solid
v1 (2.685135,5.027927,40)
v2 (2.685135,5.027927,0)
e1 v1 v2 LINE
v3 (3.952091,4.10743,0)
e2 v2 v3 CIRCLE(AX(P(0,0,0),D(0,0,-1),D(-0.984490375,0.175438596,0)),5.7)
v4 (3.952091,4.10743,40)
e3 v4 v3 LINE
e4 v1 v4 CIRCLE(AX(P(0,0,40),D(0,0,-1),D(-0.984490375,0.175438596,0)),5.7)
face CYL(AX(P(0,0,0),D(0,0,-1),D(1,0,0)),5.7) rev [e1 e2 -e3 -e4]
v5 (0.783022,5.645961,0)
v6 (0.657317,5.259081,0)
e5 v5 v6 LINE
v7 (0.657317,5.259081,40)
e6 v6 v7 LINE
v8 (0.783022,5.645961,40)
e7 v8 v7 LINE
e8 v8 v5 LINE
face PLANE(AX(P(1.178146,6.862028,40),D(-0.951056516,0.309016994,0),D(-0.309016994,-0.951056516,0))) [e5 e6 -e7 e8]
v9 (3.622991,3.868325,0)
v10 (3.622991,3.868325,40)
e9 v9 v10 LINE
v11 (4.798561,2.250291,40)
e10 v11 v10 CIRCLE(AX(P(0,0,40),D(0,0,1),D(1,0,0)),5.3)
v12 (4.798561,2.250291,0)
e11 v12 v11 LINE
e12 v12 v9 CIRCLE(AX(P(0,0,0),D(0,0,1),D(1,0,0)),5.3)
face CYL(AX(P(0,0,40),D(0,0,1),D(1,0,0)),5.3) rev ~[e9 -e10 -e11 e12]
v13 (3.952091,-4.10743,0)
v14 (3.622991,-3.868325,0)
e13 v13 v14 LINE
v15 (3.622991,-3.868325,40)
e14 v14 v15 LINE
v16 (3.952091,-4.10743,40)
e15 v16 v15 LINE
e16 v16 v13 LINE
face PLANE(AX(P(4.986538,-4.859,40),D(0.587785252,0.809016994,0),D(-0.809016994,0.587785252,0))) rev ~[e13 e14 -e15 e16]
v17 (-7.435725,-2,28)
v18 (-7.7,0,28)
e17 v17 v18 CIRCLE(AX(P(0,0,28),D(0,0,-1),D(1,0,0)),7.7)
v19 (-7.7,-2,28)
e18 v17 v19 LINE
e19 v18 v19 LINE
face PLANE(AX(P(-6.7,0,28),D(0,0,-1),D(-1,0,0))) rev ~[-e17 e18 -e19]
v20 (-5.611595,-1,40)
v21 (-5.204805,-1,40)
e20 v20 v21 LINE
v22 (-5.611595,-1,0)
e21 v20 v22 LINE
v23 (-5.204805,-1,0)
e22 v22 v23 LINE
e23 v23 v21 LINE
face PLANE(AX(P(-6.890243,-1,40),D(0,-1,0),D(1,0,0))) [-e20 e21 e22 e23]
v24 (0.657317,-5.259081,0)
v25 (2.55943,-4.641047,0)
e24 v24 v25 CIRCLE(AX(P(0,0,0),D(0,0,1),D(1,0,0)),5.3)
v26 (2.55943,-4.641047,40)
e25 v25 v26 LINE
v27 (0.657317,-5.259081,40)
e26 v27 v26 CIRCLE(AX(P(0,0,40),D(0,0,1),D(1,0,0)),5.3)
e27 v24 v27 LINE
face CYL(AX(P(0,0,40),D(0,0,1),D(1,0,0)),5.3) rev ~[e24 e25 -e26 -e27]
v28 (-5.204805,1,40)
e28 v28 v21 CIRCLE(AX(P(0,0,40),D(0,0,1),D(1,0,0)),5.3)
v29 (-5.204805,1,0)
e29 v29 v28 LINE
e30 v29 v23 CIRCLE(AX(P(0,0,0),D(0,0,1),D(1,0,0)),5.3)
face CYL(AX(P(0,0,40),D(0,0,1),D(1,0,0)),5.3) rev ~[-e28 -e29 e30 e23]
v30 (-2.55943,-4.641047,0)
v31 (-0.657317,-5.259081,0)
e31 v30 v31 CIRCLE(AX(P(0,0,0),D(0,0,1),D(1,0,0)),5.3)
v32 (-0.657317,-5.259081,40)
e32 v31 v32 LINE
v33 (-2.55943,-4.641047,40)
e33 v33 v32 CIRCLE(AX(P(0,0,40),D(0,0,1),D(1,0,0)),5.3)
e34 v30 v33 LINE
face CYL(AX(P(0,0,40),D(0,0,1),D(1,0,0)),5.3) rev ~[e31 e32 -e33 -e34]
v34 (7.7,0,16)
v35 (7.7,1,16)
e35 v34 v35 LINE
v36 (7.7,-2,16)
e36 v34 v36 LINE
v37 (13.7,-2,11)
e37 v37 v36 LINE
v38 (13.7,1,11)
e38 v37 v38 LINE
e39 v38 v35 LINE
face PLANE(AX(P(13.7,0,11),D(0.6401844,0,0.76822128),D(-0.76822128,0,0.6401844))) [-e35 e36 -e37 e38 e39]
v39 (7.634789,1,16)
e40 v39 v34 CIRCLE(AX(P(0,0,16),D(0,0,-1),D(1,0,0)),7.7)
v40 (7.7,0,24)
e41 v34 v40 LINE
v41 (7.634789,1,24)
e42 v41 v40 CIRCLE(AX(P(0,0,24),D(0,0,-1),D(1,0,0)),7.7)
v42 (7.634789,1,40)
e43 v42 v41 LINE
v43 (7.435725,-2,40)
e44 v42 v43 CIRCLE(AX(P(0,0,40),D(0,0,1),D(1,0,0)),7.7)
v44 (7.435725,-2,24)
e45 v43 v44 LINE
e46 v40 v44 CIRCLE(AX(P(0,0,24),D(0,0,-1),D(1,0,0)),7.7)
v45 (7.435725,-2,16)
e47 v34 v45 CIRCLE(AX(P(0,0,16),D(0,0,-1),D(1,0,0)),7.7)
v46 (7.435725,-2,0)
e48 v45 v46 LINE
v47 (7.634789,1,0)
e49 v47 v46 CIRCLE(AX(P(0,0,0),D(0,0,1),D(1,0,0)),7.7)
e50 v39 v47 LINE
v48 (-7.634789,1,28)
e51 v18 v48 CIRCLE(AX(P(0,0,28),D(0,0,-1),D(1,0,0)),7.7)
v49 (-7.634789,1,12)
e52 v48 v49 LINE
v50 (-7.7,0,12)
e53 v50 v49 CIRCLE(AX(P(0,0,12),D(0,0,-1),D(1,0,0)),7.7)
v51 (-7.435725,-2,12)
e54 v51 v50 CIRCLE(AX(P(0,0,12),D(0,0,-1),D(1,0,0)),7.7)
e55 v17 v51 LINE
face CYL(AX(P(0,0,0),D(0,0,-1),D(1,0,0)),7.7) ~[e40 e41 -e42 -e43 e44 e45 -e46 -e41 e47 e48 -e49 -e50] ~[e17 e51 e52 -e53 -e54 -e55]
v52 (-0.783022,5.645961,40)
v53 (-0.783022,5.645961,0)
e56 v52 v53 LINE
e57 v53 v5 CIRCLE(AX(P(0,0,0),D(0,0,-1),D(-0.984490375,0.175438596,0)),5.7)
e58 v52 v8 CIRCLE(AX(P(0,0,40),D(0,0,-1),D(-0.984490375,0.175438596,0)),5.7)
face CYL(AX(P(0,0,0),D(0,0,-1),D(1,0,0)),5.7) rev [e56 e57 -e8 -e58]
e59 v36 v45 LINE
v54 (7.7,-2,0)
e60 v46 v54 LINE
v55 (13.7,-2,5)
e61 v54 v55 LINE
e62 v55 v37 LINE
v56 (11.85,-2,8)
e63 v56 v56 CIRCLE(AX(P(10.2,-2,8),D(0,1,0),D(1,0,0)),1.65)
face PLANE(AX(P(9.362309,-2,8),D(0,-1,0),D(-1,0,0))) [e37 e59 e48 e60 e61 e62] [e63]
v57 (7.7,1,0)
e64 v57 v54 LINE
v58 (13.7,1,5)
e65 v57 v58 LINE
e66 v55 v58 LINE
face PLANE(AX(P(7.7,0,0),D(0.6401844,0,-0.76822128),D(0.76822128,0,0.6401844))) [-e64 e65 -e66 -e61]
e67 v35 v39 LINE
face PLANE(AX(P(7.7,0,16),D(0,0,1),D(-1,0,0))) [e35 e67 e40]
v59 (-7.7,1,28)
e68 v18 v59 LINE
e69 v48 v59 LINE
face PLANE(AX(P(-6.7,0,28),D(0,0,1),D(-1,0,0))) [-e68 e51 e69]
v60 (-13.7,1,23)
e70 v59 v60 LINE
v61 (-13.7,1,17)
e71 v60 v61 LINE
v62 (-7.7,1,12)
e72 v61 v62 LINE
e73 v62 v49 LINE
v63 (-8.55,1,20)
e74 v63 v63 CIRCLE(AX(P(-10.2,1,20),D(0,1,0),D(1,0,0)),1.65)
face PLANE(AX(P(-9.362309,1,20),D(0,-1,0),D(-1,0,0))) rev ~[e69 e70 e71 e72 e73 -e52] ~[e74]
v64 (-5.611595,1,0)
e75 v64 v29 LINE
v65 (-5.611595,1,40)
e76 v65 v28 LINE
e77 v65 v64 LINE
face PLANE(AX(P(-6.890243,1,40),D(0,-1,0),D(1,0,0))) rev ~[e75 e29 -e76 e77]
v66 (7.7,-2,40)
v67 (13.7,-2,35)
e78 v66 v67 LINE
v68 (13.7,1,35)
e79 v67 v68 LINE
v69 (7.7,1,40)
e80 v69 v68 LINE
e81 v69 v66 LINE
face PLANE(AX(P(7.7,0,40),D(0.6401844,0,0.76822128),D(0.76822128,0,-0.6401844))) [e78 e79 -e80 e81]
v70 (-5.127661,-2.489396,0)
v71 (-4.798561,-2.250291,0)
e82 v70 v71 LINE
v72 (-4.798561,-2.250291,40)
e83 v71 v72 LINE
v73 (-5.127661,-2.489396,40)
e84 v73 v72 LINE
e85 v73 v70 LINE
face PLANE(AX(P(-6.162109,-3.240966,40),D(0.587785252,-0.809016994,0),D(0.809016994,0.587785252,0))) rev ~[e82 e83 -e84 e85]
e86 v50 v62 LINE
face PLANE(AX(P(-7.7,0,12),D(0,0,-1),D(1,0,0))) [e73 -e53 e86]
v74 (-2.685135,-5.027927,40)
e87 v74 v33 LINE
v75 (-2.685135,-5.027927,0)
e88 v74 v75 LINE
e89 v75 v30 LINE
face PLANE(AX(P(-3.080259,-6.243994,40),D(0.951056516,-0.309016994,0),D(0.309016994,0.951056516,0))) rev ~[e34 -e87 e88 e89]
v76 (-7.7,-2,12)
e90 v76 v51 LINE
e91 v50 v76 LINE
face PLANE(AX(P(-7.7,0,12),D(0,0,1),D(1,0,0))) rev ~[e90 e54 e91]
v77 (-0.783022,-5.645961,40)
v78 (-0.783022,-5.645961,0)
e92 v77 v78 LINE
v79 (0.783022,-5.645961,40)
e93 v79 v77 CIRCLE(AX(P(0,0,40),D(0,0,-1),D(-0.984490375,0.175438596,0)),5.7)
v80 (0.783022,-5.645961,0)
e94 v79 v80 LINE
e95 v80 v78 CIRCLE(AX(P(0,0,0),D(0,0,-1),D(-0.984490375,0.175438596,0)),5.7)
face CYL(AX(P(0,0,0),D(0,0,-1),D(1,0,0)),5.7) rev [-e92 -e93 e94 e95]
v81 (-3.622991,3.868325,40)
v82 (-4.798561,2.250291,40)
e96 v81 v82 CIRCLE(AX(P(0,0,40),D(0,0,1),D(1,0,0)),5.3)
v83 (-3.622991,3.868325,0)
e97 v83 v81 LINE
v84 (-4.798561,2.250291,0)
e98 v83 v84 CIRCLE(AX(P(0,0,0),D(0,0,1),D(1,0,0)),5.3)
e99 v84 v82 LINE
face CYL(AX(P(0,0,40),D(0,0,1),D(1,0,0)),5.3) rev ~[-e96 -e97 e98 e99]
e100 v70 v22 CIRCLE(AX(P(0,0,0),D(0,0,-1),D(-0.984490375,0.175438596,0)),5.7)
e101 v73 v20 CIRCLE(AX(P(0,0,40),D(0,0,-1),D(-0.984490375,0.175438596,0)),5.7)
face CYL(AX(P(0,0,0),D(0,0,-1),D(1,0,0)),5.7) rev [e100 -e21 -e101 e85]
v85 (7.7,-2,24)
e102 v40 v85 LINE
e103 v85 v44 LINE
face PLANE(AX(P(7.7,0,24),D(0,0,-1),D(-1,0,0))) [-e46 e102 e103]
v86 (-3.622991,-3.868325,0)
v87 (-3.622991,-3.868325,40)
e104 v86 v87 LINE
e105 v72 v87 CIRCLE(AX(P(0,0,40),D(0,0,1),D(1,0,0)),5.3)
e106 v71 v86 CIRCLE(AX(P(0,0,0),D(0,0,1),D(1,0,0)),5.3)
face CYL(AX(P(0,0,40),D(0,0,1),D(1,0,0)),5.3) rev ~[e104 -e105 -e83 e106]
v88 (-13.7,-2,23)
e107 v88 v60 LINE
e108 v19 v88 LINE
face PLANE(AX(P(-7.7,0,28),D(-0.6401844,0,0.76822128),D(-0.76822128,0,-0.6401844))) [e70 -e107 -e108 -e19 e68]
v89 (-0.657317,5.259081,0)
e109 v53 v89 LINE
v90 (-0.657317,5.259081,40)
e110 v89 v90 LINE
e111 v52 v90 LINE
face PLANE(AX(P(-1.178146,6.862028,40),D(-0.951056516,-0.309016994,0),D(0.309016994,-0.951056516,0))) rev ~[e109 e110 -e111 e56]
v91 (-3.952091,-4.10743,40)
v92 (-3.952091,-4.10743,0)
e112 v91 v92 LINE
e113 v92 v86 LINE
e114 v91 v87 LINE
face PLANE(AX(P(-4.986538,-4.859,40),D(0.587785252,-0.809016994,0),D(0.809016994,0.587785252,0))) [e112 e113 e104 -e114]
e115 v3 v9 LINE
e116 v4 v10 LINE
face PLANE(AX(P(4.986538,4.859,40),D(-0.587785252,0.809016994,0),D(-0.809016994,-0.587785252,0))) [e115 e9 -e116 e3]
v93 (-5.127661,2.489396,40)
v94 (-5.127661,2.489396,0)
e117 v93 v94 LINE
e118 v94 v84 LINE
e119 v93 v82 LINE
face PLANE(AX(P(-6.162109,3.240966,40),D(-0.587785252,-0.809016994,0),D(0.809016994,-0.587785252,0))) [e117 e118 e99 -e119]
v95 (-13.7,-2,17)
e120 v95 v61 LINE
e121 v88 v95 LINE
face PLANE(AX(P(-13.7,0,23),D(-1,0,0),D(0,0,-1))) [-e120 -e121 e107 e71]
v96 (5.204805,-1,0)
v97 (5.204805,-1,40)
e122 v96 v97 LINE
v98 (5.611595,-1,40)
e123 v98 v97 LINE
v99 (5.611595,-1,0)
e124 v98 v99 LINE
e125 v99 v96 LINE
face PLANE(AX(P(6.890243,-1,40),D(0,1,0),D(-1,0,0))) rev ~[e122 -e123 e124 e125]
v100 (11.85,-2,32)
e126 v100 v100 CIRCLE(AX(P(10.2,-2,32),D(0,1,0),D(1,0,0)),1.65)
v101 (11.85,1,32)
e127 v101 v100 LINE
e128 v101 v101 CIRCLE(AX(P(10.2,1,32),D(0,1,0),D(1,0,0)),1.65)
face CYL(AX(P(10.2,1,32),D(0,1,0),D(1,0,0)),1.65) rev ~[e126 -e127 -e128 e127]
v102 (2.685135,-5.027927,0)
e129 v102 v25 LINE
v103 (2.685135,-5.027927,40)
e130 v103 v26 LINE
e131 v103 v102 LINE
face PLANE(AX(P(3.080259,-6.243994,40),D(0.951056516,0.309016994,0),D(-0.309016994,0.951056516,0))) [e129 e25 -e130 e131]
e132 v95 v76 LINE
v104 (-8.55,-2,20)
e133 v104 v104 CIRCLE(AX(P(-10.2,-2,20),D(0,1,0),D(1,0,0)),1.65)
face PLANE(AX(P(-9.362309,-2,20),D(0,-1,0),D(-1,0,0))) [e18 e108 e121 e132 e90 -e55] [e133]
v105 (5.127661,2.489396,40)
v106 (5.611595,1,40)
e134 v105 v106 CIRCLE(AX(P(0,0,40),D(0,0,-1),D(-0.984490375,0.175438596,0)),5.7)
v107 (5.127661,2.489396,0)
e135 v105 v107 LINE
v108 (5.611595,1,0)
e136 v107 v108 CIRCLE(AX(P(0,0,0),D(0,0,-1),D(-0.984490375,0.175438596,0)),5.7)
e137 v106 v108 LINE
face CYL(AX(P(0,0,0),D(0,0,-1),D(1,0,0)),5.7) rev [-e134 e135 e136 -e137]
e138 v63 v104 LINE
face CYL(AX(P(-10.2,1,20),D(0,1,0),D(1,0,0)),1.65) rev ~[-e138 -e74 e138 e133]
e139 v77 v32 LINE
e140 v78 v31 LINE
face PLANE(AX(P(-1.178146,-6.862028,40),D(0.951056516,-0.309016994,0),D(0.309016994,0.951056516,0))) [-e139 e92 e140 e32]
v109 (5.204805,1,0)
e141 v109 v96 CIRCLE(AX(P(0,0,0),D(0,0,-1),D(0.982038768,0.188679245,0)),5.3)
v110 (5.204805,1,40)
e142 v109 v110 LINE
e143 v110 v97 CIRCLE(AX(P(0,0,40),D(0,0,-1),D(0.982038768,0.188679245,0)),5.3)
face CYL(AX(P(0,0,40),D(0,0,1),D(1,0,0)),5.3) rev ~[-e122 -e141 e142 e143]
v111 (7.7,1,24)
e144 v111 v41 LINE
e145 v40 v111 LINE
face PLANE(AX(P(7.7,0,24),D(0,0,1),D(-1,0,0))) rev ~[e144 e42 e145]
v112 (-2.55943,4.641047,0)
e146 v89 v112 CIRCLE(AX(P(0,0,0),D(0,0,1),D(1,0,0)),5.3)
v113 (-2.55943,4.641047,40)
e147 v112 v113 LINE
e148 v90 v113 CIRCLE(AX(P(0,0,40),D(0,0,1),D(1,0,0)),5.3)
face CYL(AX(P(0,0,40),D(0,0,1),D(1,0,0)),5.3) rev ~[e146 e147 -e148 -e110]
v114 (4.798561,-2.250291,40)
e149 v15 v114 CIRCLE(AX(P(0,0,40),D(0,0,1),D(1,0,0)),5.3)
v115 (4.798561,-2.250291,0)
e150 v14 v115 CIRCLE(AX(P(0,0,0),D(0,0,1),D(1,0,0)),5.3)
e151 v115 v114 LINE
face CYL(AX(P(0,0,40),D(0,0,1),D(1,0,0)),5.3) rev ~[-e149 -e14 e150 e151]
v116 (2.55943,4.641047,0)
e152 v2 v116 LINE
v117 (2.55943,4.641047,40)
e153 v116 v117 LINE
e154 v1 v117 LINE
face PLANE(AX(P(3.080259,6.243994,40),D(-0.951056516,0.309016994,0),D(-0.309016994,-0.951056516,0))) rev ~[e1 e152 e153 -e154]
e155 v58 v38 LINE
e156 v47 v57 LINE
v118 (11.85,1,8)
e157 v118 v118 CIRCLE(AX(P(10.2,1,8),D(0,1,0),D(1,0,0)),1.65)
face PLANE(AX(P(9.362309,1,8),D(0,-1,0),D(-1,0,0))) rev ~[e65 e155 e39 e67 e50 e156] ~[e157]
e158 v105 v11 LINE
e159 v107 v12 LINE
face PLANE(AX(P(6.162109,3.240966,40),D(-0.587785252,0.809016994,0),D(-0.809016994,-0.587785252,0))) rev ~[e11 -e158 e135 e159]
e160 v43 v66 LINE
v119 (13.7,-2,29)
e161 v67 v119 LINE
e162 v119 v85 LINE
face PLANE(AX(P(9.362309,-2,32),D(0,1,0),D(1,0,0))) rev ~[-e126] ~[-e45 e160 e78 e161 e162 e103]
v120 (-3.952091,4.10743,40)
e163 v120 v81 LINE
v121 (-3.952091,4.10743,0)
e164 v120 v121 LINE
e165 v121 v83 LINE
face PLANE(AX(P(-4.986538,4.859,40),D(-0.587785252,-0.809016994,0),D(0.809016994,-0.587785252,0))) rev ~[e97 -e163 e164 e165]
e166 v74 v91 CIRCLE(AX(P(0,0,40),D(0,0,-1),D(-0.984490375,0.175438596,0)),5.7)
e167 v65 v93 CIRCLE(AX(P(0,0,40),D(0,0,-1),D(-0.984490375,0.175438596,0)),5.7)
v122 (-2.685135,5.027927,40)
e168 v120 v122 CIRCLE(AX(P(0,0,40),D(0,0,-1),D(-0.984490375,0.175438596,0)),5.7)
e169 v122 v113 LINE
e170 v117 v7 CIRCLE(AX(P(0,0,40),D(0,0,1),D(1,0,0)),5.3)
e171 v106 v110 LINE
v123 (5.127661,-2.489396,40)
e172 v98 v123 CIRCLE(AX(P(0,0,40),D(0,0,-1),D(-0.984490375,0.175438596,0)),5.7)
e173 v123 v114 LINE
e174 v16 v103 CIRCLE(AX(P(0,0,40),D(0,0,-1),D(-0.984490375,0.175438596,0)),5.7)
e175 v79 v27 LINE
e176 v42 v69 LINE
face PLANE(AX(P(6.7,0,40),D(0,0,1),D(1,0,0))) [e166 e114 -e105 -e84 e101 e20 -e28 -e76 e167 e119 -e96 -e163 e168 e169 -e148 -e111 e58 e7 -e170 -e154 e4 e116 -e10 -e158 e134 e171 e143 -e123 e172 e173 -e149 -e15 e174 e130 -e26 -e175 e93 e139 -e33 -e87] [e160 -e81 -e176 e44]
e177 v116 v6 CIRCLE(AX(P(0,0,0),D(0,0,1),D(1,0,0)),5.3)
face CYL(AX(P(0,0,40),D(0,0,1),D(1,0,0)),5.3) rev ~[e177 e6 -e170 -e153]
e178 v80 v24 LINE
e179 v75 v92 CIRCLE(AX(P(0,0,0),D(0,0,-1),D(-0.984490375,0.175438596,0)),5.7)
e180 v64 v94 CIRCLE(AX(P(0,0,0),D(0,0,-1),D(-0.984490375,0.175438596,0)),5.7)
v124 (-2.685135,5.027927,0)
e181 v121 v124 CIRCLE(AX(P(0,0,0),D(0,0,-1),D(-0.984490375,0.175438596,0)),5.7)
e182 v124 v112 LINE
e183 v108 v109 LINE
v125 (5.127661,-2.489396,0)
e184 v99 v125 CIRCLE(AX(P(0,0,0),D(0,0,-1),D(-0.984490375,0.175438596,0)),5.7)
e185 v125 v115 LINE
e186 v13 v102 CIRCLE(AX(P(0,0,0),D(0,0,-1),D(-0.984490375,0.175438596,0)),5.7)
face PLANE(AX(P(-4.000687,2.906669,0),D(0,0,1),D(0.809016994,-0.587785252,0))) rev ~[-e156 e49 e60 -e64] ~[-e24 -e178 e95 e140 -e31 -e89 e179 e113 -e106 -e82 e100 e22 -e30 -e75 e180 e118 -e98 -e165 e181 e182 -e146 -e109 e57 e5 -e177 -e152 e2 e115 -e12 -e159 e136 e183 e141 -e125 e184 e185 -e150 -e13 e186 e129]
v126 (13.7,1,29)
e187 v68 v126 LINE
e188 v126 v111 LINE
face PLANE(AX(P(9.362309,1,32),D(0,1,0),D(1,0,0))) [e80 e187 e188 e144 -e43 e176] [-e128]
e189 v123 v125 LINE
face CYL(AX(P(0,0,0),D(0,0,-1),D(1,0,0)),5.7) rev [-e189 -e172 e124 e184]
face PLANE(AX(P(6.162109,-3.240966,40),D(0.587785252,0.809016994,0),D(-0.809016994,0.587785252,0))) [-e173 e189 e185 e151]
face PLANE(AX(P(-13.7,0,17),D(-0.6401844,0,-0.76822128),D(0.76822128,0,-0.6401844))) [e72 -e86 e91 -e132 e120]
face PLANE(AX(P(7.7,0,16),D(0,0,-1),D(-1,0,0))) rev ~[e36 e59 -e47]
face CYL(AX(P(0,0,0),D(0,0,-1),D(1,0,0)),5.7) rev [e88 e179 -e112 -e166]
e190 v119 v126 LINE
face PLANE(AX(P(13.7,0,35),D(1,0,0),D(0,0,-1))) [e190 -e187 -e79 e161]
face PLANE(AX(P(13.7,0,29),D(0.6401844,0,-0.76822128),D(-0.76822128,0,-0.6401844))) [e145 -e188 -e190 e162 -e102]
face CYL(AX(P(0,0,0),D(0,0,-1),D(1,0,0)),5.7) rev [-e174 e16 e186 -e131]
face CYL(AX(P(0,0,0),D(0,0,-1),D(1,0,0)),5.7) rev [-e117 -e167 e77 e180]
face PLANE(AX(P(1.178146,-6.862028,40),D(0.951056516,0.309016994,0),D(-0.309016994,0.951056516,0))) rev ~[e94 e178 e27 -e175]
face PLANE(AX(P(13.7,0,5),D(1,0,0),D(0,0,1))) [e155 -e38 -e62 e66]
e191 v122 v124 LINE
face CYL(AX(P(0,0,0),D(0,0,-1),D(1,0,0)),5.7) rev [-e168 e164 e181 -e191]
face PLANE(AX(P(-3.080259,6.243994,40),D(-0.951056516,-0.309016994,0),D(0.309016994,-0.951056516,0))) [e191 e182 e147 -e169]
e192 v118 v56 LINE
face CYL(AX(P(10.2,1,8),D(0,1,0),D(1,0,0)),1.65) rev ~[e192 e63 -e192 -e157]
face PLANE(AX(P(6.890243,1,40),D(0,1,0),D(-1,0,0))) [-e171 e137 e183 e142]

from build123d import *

# Parameters (mm, degrees)
ESBO_O1_R                     = 7.7
ESBO_O1_R_2                   = 5.7
RESSALTO_EXTRUS_O1_DEPTH      = 40
RESSALTO_EXTRUS_O3_DEPTH      = 1
RESSALTO_EXTRUS_O3_DEPTH_BACK = 2
ESBO_O4_R                     = 1.65
CORTE_EXTRUS_O1_DEPTH         = 9.7
ESBO_O5_W                     = 3.890243015
ESBO_O5_H                     = 2
RESSALTO_EXTRUS_O4_DEPTH      = 40
PADR_OCIRCULAR1_COUNT         = 10
ESBO_O6_R                     = 5.3
CORTE_EXTRUS_O2_DEPTH         = 41


with BuildPart() as part:
    # Esboço1 → Ressalto-extrusão1 (new body)
    with BuildSketch(Plane.XY):
        Circle(ESBO_O1_R)
        Circle(ESBO_O1_R_2, mode=Mode.SUBTRACT)
    extrude(amount=RESSALTO_EXTRUS_O1_DEPTH)

    # Esboço3 → Ressalto-extrusão3 (add, two sides)
    with BuildSketch(Plane(origin=(0, 0, 0), x_dir=(1, 0, 0), z_dir=(0, 1, 0))) as ressalto_extrus_o3_sk:
        Polygon((7.7, -40), (13.7, -35), (13.7, -29), (7.7, -24), (6.7, -24), (6.7, -40), align=None)
        Polygon((7.7, 0), (13.7, -5), (13.7, -11), (7.7, -16), (6.7, -16), (6.7, 0), align=None)
        Polygon((-7.7, -28), (-13.7, -23), (-13.7, -17), (-7.7, -12), (-6.7, -12), (-6.7, -28), align=None)
    extrude(amount=RESSALTO_EXTRUS_O3_DEPTH)
    extrude(ressalto_extrus_o3_sk.sketch, amount=-RESSALTO_EXTRUS_O3_DEPTH_BACK)

    # Esboço4 → Corte-extrusão1 (cut, through all)
    with BuildSketch(Plane(origin=(0, 1, 0), x_dir=(1, 0, 0), z_dir=(0, 1, 0))):
        with Locations((10.2, -32)):
            Circle(ESBO_O4_R)
        with Locations((10.2, -8)):
            Circle(ESBO_O4_R)
        with Locations((-10.2, -20)):
            Circle(ESBO_O4_R)
    extrude(amount=-CORTE_EXTRUS_O1_DEPTH, mode=Mode.SUBTRACT)

    # Esboço5 → Ressalto-extrusão4 (add)
    with BuildSketch(Plane.XY.offset(40)):
        with Locations((-4.945121507, 0)):
            Rectangle(ESBO_O5_W, ESBO_O5_H)
    ressalto_extrus_o4 = extrude(amount=-RESSALTO_EXTRUS_O4_DEPTH)

    # PadrãoCircular1: Ressalto-extrusão4 ×10 about axis
    padr_ocircular1_axis = Axis((0, 0, 0), (0, 0, 1))
    for i in range(1, PADR_OCIRCULAR1_COUNT):
        add(ressalto_extrus_o4.rotate(padr_ocircular1_axis, i * 360 / PADR_OCIRCULAR1_COUNT))

    # Esboço6 → Corte-extrusão2 (cut, through all)
    with BuildSketch(Plane.XY.offset(40)):
        Circle(ESBO_O6_R)
    extrude(amount=-CORTE_EXTRUS_O2_DEPTH, mode=Mode.SUBTRACT)


solid = part.part
